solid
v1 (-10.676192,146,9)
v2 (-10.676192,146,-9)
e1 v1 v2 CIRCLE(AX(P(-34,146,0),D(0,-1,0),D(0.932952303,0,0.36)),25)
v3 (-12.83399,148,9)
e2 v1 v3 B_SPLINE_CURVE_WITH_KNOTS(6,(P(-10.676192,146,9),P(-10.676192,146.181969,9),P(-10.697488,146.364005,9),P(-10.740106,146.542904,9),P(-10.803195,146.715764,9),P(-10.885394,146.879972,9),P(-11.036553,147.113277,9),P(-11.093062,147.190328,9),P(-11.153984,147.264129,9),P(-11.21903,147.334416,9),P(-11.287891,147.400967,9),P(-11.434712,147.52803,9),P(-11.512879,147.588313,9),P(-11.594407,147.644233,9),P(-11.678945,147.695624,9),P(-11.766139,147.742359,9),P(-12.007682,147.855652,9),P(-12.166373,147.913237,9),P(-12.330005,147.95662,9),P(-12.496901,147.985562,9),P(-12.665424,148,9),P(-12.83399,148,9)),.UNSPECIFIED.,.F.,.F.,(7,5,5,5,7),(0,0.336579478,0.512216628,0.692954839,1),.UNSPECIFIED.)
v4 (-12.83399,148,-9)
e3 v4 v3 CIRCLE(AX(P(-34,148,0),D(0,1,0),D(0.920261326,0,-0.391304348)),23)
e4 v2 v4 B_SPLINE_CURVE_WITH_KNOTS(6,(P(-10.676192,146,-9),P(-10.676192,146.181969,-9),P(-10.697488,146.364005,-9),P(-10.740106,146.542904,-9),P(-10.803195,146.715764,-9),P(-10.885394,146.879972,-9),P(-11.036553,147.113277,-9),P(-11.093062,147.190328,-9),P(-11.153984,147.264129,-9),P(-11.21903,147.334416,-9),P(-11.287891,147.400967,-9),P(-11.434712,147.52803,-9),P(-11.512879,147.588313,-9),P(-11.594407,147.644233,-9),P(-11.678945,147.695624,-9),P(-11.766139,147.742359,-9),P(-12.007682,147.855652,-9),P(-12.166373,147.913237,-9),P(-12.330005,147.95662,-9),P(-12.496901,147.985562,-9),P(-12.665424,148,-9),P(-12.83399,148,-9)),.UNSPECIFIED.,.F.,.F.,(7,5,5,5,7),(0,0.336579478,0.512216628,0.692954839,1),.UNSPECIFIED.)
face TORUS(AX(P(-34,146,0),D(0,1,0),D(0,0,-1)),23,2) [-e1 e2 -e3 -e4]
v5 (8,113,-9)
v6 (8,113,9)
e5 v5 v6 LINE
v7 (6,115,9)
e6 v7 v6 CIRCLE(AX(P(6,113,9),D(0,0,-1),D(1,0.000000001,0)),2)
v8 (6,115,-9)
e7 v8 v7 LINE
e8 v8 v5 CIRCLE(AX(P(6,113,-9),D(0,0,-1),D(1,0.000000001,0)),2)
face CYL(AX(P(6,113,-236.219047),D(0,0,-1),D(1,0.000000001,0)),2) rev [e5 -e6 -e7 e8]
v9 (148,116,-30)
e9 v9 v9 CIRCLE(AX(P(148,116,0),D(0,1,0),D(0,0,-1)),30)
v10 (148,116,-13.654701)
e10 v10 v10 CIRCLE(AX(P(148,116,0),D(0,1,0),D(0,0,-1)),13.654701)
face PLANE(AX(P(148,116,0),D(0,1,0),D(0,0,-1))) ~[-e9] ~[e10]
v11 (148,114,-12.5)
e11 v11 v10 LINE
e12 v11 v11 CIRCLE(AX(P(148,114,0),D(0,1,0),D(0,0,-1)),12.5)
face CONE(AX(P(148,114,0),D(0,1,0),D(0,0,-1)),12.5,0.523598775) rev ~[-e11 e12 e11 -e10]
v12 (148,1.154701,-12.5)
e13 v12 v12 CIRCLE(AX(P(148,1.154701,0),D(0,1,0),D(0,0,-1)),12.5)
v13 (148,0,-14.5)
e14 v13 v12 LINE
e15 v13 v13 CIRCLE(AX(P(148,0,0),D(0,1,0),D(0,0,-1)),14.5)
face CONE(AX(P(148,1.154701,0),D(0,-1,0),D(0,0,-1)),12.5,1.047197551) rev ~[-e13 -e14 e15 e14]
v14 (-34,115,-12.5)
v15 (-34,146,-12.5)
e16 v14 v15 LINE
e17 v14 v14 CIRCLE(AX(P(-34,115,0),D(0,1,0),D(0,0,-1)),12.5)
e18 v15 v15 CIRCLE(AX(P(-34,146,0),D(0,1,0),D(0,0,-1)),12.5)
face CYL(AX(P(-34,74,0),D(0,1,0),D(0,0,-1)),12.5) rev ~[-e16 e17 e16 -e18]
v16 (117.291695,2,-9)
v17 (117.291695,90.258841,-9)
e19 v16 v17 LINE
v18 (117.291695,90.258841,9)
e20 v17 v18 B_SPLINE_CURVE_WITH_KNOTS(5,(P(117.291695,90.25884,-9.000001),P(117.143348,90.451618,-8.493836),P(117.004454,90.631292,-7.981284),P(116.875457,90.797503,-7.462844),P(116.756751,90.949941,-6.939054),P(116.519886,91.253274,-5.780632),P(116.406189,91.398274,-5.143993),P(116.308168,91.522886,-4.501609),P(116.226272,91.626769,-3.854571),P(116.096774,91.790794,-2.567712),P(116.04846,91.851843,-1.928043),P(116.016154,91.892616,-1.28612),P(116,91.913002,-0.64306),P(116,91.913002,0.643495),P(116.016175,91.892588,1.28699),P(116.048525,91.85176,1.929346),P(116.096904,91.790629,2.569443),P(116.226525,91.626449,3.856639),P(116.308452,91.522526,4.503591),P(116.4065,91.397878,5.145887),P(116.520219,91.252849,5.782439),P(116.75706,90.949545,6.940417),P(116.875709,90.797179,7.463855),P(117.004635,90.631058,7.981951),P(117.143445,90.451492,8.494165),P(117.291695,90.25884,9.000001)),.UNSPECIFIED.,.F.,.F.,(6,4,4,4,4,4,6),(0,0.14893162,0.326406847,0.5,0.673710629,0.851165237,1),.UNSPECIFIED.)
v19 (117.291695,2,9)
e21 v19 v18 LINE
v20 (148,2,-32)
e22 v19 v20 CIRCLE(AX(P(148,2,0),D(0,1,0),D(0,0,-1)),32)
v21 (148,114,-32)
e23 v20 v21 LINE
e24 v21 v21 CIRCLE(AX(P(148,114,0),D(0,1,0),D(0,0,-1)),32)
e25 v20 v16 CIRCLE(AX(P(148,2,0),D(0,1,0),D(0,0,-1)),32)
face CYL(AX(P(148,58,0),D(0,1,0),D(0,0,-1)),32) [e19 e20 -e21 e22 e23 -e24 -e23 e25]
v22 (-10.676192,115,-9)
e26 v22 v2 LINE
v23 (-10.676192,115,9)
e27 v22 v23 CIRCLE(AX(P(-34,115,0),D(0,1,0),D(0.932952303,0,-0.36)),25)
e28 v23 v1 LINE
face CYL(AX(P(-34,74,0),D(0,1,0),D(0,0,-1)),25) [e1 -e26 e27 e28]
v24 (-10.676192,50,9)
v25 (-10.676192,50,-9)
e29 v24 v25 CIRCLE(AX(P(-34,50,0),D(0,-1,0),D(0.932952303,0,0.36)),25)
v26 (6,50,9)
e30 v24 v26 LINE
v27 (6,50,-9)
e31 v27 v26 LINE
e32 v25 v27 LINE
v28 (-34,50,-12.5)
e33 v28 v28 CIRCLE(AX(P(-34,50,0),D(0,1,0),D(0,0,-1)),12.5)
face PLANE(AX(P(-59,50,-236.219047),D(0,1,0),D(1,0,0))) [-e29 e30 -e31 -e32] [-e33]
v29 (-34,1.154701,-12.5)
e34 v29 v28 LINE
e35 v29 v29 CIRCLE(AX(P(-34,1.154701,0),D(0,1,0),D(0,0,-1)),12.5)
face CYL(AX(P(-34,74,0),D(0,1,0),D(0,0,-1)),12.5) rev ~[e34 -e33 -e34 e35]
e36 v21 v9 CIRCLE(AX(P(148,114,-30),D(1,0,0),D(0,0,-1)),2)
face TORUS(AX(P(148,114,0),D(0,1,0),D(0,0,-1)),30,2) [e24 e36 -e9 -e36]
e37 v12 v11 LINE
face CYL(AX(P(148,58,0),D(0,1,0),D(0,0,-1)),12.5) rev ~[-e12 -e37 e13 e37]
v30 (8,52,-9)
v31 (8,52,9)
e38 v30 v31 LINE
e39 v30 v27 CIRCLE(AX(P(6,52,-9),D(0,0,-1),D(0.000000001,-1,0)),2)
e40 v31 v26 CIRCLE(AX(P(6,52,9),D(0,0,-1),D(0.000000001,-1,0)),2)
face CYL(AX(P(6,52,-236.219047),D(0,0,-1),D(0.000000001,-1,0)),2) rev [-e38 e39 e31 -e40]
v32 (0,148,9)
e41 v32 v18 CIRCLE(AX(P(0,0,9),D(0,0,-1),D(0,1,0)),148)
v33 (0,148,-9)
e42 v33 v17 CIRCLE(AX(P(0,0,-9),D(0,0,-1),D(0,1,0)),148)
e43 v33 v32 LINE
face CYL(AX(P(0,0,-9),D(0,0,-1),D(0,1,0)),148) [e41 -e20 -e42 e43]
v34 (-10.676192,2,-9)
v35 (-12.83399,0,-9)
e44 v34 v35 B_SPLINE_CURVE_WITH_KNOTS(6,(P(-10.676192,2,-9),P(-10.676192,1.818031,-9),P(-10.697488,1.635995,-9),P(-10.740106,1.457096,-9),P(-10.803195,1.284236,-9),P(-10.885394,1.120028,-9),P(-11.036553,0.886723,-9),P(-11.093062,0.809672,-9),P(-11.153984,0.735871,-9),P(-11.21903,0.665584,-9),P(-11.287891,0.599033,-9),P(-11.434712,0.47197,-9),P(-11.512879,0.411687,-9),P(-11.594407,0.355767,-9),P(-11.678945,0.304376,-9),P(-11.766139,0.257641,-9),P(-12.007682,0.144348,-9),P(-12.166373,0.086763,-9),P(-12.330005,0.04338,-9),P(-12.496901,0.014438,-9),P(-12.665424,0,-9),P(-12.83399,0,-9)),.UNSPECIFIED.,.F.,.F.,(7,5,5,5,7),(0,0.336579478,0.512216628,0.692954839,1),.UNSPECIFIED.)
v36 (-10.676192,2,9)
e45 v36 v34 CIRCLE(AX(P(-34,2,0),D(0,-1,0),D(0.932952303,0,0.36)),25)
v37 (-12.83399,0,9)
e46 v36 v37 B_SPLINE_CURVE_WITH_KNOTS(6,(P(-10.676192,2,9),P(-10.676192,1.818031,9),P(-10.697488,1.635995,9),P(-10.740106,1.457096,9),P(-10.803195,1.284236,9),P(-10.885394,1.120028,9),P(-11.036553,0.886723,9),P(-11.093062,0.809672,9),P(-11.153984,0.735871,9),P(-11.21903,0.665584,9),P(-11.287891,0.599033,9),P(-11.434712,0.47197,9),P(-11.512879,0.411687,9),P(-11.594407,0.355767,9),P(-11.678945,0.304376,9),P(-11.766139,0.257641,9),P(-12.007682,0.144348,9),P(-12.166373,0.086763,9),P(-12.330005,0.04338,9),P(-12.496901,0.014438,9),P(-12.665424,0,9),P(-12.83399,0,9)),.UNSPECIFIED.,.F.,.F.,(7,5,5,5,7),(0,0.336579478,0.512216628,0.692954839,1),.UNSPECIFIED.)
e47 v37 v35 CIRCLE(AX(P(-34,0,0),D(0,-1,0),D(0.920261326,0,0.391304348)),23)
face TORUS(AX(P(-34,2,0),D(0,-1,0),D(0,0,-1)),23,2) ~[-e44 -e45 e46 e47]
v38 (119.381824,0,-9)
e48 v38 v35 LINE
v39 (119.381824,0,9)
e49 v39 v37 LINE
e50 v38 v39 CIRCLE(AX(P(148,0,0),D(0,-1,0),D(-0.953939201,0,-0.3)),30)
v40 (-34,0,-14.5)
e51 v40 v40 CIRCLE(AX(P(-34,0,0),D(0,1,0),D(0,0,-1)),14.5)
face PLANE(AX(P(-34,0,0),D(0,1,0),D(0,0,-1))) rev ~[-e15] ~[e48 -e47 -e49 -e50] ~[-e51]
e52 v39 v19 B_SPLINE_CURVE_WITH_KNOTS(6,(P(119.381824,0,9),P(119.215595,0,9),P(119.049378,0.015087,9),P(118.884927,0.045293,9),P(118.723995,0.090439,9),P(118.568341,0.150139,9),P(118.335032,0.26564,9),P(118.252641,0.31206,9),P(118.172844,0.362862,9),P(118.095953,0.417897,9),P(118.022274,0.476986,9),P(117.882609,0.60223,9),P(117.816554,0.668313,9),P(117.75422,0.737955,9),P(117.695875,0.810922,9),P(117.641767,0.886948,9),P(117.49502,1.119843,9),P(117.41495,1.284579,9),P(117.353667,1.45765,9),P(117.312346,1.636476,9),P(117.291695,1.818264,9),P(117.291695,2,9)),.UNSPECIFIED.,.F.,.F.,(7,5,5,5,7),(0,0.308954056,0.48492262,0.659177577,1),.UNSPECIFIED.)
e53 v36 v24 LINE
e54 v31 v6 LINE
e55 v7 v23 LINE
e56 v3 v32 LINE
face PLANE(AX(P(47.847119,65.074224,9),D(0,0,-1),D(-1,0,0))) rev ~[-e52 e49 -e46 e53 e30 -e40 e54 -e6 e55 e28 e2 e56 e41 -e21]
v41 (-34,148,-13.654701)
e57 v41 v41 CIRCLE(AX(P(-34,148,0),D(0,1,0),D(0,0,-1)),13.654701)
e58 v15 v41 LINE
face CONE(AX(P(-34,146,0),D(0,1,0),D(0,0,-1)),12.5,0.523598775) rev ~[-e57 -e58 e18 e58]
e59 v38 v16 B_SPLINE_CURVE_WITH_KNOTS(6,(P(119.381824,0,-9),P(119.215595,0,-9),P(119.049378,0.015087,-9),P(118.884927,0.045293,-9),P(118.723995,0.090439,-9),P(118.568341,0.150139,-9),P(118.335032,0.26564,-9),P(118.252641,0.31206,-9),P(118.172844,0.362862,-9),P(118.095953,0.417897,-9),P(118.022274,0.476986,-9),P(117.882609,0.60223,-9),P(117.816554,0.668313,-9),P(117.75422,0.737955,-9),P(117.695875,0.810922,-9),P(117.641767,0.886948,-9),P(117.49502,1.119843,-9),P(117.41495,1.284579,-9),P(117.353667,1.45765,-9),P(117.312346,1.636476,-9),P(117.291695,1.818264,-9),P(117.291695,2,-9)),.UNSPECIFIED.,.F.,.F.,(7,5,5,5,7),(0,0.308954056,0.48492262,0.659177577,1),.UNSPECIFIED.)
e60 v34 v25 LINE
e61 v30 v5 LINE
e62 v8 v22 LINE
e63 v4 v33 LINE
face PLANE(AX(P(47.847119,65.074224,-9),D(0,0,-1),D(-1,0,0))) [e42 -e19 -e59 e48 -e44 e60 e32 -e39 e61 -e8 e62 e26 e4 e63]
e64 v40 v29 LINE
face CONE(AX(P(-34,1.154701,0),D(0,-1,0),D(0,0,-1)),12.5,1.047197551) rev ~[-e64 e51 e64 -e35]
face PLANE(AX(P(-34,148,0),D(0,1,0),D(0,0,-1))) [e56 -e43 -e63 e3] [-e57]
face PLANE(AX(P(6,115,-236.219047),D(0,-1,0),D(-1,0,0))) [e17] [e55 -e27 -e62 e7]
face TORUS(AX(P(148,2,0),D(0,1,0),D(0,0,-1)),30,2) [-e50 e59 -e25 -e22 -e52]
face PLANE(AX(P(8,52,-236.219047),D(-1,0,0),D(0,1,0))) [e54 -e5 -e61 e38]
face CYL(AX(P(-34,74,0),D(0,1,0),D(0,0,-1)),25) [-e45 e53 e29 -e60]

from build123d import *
from OCP.BRepFilletAPI import BRepFilletAPI_MakeChamfer

# Parameters (mm, degrees)
SKETCH1_W                = 19.5
SKETCH1_H                = 116
SKETCH3_W                = 12.5
SKETCH3_H                = 148
CHAMFER2_SIZE            = 2
CHAMFER2_SIZE2           = 1.154700538
FILLET1_R                = 2
FILLET2_R                = 2
FILLET3_R                = 2
BOSS_EXTRUDE1_DEPTH      = 9
BOSS_EXTRUDE1_DEPTH_BACK = 9
CHAMFER1_SIZE            = 2
CHAMFER1_SIZE2           = 1.154700538
CUT_EXTRUDE9_DEPTH       = 236.219047001
CUT_EXTRUDE9_DEPTH_BACK  = 236.219047001


with BuildPart() as part:
    # Sketch1 → Revolve2 (revolve)
    with BuildSketch(Plane.XY):
        with Locations((170.25, 58)):
            Rectangle(SKETCH1_W, SKETCH1_H)
    revolve(axis=Axis((148, 0, 0), (0, 1, 0)))

    # Chamfer2: one chamfer whose edges measure the first distance from different faces: ONE call of the kernel's chamfer builder (chamfer() names one face for all edges)
    chamfer2_edges_1 = [part.edges().sort_by_distance(p)[0] for p in [
        (135.5, 116, 0),
    ]]
    chamfer2_side_1 = [part.faces().sort_by_distance(p)[0] for p in [
        (135.5, 58, 0),
    ]]
    chamfer2_edges_2 = [part.edges().sort_by_distance(p)[0] for p in [
        (135.5, 0, 0),
    ]]
    chamfer2_side_2 = [part.faces().sort_by_distance(p)[0] for p in [
        (116.90509668, 0, 0),
    ]]
    chamfer2 = BRepFilletAPI_MakeChamfer(part.part.solid().wrapped)
    for e in chamfer2_edges_1:
        chamfer2.Add(CHAMFER2_SIZE, CHAMFER2_SIZE2, e.wrapped, chamfer2_side_1[0].wrapped)  # the first distance lies on this face
    for e in chamfer2_edges_2:
        chamfer2.Add(CHAMFER2_SIZE, CHAMFER2_SIZE2, e.wrapped, chamfer2_side_2[0].wrapped)  # the first distance lies on this face
    add(Compound.cast(chamfer2.Shape()), mode=Mode.REPLACE)

    # Fillet2
    fillet2_edges = [part.edges().sort_by_distance(p)[0] for p in [
        (116, 0, 0),
    ]]
    fillet(fillet2_edges, radius=FILLET2_R)

    # Fillet3
    fillet3_edges = [part.edges().sort_by_distance(p)[0] for p in [
        (116, 116, 0),
    ]]
    fillet(fillet3_edges, radius=FILLET3_R)



with BuildPart() as body_2:
    # Sketch3 → Revolve3 (revolve)
    with BuildSketch(Plane.XY):
        with Locations((-52.75, 74)):
            Rectangle(SKETCH3_W, SKETCH3_H)
    revolve(axis=Axis((-34, 0, 0), (0, 1, 0)))

    # Fillet1
    fillet1_edges = [body_2.edges().sort_by_distance(p)[0] for p in [
        (-9, 148, 0),
        (-9, 0, 0),
    ]]
    fillet(fillet1_edges, radius=FILLET1_R)


with BuildPart() as part_1:
    add(part.part)

    add(body_2.part)  # Boss-Extrude1 merges body 2
    # Sketch4 → Boss-Extrude1 (add, two sides: drawn at the far end of the back side and taken through both)
    with BuildSketch(Plane.XY.offset(-BOSS_EXTRUDE1_DEPTH_BACK)):
        with BuildLine():
            Line((0, 0), (-15.091814832, 0))
            Line((-15.091814832, 0), (-15.091814832, 148))
            Line((-15.091814832, 148), (0, 148))
            ThreePointArc((0, 148), (71.793516775, 129.420597082), (125.561619022, 78.347174987))
            Line((125.561619022, 78.347174987), (125.561619022, 0))
            Line((125.561619022, 0), (0, 0))
        make_face()
    extrude(amount=BOSS_EXTRUDE1_DEPTH + BOSS_EXTRUDE1_DEPTH_BACK)

    # Chamfer1: one chamfer whose edges measure the first distance from different faces: ONE call of the kernel's chamfer builder (chamfer() names one face for all edges)
    chamfer1_edges_1 = [part_1.edges().sort_by_distance(p)[0] for p in [
        (-21.5, 0, 0),
    ]]
    chamfer1_side_1 = [part_1.faces().sort_by_distance(p)[0] for p in [
        (71.485193213, 0, 0),
    ]]
    chamfer1_edges_2 = [part_1.edges().sort_by_distance(p)[0] for p in [
        (-21.5, 148, 0),
    ]]
    chamfer1_side_2 = [part_1.faces().sort_by_distance(p)[0] for p in [
        (-21.5, 74, 0),
    ]]
    chamfer1 = BRepFilletAPI_MakeChamfer(part_1.part.solid().wrapped)
    for e in chamfer1_edges_1:
        chamfer1.Add(CHAMFER1_SIZE, CHAMFER1_SIZE2, e.wrapped, chamfer1_side_1[0].wrapped)  # the first distance lies on this face
    for e in chamfer1_edges_2:
        chamfer1.Add(CHAMFER1_SIZE, CHAMFER1_SIZE2, e.wrapped, chamfer1_side_2[0].wrapped)  # the first distance lies on this face
    add(Compound.cast(chamfer1.Shape()), mode=Mode.REPLACE)

    # Sketch23 → Cut-Extrude9 (cut, two sides: drawn at the far end of the back side and taken through both)
    with BuildSketch(Plane.XY.offset(-CUT_EXTRUDE9_DEPTH_BACK)):
        with BuildLine():
            Line((-59, 50), (6, 50))
            ThreePointArc((6, 50), (7.414213562, 50.585786438), (8, 52))
            Line((8, 52), (8, 113))
            ThreePointArc((8, 113), (7.414213562, 114.414213562), (6, 115))
            Line((6, 115), (-59, 115))
            Line((-59, 115), (-59, 50))
        make_face()
    extrude(amount=CUT_EXTRUDE9_DEPTH + CUT_EXTRUDE9_DEPTH_BACK, mode=Mode.SUBTRACT)


solid = part_1.part
